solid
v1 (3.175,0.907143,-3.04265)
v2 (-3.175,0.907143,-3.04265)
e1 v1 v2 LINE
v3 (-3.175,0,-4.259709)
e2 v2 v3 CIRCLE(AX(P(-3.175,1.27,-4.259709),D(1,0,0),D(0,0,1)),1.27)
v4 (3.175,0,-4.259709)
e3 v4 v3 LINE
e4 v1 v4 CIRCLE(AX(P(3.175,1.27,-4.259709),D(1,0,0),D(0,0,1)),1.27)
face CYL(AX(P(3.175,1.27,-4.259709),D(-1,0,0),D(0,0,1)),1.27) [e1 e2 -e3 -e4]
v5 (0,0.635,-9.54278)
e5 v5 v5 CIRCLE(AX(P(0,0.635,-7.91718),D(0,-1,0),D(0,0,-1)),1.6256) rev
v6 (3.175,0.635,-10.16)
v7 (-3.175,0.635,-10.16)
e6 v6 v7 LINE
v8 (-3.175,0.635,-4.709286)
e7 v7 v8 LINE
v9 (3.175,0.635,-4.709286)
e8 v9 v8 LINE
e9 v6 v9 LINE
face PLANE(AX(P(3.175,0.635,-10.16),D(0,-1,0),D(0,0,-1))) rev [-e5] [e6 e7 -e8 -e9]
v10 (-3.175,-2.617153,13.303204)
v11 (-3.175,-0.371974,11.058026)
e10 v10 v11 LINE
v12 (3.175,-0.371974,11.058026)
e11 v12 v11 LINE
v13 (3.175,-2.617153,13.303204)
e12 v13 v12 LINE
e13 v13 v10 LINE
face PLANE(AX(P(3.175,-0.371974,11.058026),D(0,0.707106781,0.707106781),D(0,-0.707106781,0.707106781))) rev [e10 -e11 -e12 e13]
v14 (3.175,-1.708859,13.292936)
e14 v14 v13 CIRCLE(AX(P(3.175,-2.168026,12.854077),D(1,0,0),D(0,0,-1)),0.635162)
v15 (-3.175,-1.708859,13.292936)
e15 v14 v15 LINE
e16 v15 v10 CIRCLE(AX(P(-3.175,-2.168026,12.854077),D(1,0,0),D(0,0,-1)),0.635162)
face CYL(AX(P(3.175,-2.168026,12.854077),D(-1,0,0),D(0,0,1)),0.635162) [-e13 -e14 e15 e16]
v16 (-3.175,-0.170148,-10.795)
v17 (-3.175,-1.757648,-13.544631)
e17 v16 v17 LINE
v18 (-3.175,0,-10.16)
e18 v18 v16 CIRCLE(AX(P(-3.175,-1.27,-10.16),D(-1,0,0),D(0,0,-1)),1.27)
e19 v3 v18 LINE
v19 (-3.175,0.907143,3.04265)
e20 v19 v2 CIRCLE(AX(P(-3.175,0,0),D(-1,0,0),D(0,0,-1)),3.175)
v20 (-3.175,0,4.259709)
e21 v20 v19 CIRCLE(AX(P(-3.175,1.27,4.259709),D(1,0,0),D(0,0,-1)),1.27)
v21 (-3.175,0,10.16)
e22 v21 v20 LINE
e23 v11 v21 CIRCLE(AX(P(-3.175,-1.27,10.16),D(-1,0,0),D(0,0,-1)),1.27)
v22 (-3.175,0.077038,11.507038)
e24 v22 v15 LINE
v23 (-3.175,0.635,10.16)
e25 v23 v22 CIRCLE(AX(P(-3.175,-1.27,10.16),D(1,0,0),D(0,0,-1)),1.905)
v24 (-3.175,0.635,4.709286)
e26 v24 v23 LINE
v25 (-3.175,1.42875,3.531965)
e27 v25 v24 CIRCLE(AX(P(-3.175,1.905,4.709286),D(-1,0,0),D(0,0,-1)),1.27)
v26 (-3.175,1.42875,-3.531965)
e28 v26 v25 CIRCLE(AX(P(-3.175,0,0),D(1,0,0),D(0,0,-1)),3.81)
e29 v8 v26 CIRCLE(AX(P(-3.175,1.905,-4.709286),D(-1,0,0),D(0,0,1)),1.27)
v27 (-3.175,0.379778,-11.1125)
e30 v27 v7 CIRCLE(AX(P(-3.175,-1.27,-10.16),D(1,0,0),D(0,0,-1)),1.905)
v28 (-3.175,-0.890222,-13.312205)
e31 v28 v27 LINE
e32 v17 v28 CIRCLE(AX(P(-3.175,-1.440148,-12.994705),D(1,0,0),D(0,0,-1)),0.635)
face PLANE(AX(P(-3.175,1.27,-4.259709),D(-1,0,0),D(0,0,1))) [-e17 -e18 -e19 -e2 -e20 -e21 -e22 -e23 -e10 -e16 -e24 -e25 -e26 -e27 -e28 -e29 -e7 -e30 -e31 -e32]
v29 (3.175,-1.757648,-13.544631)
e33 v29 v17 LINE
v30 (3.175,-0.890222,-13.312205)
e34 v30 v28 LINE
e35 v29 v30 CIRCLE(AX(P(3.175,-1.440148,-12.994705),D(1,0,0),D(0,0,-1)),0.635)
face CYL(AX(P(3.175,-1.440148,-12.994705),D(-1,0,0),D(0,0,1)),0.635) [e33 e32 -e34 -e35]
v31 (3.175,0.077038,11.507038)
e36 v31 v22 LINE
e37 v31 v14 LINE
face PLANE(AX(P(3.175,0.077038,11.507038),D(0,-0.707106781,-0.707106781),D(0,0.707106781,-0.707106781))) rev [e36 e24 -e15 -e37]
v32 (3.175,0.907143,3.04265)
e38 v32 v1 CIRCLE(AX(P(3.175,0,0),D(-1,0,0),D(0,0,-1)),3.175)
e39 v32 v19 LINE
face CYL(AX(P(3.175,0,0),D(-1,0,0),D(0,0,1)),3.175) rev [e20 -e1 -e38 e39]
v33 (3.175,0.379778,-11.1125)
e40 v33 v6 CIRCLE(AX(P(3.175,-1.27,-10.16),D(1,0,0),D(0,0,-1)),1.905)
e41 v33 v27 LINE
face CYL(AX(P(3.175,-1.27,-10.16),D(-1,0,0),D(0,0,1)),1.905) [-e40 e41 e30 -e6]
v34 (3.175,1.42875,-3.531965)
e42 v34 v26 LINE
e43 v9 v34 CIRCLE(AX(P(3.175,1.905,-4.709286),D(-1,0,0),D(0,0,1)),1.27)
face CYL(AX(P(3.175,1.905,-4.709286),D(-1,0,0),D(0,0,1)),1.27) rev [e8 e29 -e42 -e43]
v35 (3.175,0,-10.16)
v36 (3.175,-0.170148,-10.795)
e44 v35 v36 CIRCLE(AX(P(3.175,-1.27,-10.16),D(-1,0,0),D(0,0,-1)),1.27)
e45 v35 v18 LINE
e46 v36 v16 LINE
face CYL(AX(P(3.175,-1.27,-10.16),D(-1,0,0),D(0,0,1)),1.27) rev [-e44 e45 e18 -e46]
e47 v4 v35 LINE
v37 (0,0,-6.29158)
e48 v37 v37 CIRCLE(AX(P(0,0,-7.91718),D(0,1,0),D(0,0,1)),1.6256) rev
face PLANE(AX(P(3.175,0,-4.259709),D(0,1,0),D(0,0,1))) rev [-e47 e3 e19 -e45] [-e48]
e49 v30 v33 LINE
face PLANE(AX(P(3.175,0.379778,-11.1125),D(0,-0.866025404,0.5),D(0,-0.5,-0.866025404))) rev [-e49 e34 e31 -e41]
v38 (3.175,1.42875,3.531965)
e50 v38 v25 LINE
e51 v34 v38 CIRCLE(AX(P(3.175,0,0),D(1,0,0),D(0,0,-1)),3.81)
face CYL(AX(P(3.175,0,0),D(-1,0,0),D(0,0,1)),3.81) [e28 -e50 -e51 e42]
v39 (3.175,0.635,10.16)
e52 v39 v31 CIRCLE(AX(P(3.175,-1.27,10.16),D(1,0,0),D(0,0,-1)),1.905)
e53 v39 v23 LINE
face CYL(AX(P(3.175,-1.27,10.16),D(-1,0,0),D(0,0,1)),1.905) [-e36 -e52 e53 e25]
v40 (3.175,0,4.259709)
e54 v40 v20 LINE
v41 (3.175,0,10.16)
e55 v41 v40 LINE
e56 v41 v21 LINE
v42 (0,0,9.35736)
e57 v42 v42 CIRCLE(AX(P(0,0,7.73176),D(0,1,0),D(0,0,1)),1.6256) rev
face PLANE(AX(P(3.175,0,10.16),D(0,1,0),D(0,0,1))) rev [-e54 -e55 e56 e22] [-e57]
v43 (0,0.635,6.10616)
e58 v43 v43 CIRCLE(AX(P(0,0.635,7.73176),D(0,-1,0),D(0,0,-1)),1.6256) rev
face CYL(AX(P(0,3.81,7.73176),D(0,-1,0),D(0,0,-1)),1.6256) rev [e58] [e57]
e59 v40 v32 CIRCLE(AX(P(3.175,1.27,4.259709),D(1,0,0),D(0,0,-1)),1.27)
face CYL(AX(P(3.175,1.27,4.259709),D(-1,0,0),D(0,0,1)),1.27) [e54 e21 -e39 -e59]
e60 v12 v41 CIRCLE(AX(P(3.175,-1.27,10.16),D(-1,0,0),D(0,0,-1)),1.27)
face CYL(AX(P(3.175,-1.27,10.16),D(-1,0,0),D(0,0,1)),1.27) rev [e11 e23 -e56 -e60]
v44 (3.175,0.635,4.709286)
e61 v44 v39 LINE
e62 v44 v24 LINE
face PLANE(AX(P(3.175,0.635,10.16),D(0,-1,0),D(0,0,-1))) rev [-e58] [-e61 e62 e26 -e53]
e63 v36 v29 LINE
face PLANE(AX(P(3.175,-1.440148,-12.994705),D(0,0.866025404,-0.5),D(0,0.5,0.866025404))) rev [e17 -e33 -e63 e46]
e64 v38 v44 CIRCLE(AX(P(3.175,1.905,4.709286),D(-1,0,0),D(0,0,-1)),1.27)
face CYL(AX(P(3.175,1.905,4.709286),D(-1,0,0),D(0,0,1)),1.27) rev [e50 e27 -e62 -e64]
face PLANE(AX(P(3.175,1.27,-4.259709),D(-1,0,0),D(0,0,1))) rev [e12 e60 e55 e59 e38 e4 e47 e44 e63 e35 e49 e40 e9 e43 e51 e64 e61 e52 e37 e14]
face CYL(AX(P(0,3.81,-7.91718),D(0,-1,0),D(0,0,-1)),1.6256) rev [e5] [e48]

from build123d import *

# Parameters (mm, degrees)
BOSS_EXTRUDE1_DEPTH            = 3.175
CUT_EXTRUDE1_REACH             = 5.252
SKETCH2_R                      = 1.6256
CUT_EXTRUDE1_DIRECTION_2_DEPTH = 4.175


with BuildPart() as part:
    # Sketch1 → Boss-Extrude1 (new body, symmetric)
    with BuildSketch(Plane(origin=(0, 0, 0), x_dir=(0, 0, -1), z_dir=(1, 0, 0))):
        with BuildLine():
            Line((-10.16, 0), (-4.259709497, 0))
            ThreePointArc((-4.259709497, 0), (-3.50073933, 0.251734668), (-3.042649641, 0.907142857))
            ThreePointArc((-3.042649641, 0.907142857), (0, 3.175), (3.042649641, 0.907142857))
            ThreePointArc((3.042649641, 0.907142857), (3.50073933, 0.251734668), (4.259709497, 0))
            Line((4.259709497, 0), (10.16, 0))
            ThreePointArc((10.16, 0), (10.488700187, -0.043274201), (10.795, -0.170147737))
            Line((10.795, -0.170147737), (12.994704526, -1.440147737))
            Line((12.994704526, -1.440147737), (13.544630657, -1.757647737))
            ThreePointArc((13.544630657, -1.757647737), (13.608067425, -1.275797644), (13.312204526, -0.890221606))
            Line((13.312204526, -0.890221606), (11.1125, 0.379778394))
            ThreePointArc((11.1125, 0.379778394), (10.653050281, 0.570088699), (10.16, 0.635))
            Line((10.16, 0.635), (4.709286039, 0.635))
            ThreePointArc((4.709286039, 0.635), (3.999334456, 0.851971629), (3.531964529, 1.42875))
            ThreePointArc((3.531964529, 1.42875), (0, 3.81), (-3.531964529, 1.42875))
            ThreePointArc((-3.531964529, 1.42875), (-3.999334456, 0.851971629), (-4.709286039, 0.635))
            Line((-4.709286039, 0.635), (-10.16, 0.635))
            ThreePointArc((-10.16, 0.635), (-10.889011939, 0.489990509), (-11.507038418, 0.077038418))
            Line((-11.507038418, 0.077038418), (-13.292936294, -1.708859457))
            ThreePointArc((-13.292936294, -1.708859457), (-13.48919858, -2.160845652), (-13.303204425, -2.6171532))
            Line((-13.303204425, -2.6171532), (-12.854076836, -2.168025612))
            Line((-12.854076836, -2.168025612), (-11.058025612, -0.371974388))
            ThreePointArc((-11.058025612, -0.371974388), (-10.646007959, -0.096672994), (-10.16, 0))
        make_face()
    extrude(amount=BOSS_EXTRUDE1_DEPTH, both=True)

    # Sketch2 → Cut-Extrude1 (cut, up to next)
    with BuildSketch(Plane(origin=(0, 0.635, 0), x_dir=(1, 0, 0), z_dir=(0, 1, 0)), mode=Mode.PRIVATE) as cut_extrude1_sk1:
        with Locations((0, -7.73176)):
            Circle(SKETCH2_R)
    cut_extrude1_tool1 = extrude(cut_extrude1_sk1.sketch, amount=-CUT_EXTRUDE1_REACH, mode=Mode.PRIVATE) & part.part
    add(cut_extrude1_tool1.solids().sort_by_distance((0, 0.635, 7.73176))[0], mode=Mode.SUBTRACT)
    # Sketch2 → Cut-Extrude1 (cut, up to next)
    with BuildSketch(Plane(origin=(0, 0.635, 0), x_dir=(1, 0, 0), z_dir=(0, 1, 0)), mode=Mode.PRIVATE) as cut_extrude1_sk2:
        with Locations((0, 7.91718)):
            Circle(SKETCH2_R)
    cut_extrude1_tool2 = extrude(cut_extrude1_sk2.sketch, amount=-CUT_EXTRUDE1_REACH, mode=Mode.PRIVATE) & part.part
    add(cut_extrude1_tool2.solids().sort_by_distance((0, 0.635, -7.91718))[0], mode=Mode.SUBTRACT)

    # Sketch2 → Cut-Extrude1 direction 2 (cut)
    with BuildSketch(Plane(origin=(0, 0.635, 0), x_dir=(1, 0, 0), z_dir=(0, 1, 0))):
        with Locations((0, -7.73176)):
            Circle(SKETCH2_R)
        with Locations((0, 7.91718)):
            Circle(SKETCH2_R)
    extrude(amount=CUT_EXTRUDE1_DIRECTION_2_DEPTH, mode=Mode.SUBTRACT)


solid = part.part
